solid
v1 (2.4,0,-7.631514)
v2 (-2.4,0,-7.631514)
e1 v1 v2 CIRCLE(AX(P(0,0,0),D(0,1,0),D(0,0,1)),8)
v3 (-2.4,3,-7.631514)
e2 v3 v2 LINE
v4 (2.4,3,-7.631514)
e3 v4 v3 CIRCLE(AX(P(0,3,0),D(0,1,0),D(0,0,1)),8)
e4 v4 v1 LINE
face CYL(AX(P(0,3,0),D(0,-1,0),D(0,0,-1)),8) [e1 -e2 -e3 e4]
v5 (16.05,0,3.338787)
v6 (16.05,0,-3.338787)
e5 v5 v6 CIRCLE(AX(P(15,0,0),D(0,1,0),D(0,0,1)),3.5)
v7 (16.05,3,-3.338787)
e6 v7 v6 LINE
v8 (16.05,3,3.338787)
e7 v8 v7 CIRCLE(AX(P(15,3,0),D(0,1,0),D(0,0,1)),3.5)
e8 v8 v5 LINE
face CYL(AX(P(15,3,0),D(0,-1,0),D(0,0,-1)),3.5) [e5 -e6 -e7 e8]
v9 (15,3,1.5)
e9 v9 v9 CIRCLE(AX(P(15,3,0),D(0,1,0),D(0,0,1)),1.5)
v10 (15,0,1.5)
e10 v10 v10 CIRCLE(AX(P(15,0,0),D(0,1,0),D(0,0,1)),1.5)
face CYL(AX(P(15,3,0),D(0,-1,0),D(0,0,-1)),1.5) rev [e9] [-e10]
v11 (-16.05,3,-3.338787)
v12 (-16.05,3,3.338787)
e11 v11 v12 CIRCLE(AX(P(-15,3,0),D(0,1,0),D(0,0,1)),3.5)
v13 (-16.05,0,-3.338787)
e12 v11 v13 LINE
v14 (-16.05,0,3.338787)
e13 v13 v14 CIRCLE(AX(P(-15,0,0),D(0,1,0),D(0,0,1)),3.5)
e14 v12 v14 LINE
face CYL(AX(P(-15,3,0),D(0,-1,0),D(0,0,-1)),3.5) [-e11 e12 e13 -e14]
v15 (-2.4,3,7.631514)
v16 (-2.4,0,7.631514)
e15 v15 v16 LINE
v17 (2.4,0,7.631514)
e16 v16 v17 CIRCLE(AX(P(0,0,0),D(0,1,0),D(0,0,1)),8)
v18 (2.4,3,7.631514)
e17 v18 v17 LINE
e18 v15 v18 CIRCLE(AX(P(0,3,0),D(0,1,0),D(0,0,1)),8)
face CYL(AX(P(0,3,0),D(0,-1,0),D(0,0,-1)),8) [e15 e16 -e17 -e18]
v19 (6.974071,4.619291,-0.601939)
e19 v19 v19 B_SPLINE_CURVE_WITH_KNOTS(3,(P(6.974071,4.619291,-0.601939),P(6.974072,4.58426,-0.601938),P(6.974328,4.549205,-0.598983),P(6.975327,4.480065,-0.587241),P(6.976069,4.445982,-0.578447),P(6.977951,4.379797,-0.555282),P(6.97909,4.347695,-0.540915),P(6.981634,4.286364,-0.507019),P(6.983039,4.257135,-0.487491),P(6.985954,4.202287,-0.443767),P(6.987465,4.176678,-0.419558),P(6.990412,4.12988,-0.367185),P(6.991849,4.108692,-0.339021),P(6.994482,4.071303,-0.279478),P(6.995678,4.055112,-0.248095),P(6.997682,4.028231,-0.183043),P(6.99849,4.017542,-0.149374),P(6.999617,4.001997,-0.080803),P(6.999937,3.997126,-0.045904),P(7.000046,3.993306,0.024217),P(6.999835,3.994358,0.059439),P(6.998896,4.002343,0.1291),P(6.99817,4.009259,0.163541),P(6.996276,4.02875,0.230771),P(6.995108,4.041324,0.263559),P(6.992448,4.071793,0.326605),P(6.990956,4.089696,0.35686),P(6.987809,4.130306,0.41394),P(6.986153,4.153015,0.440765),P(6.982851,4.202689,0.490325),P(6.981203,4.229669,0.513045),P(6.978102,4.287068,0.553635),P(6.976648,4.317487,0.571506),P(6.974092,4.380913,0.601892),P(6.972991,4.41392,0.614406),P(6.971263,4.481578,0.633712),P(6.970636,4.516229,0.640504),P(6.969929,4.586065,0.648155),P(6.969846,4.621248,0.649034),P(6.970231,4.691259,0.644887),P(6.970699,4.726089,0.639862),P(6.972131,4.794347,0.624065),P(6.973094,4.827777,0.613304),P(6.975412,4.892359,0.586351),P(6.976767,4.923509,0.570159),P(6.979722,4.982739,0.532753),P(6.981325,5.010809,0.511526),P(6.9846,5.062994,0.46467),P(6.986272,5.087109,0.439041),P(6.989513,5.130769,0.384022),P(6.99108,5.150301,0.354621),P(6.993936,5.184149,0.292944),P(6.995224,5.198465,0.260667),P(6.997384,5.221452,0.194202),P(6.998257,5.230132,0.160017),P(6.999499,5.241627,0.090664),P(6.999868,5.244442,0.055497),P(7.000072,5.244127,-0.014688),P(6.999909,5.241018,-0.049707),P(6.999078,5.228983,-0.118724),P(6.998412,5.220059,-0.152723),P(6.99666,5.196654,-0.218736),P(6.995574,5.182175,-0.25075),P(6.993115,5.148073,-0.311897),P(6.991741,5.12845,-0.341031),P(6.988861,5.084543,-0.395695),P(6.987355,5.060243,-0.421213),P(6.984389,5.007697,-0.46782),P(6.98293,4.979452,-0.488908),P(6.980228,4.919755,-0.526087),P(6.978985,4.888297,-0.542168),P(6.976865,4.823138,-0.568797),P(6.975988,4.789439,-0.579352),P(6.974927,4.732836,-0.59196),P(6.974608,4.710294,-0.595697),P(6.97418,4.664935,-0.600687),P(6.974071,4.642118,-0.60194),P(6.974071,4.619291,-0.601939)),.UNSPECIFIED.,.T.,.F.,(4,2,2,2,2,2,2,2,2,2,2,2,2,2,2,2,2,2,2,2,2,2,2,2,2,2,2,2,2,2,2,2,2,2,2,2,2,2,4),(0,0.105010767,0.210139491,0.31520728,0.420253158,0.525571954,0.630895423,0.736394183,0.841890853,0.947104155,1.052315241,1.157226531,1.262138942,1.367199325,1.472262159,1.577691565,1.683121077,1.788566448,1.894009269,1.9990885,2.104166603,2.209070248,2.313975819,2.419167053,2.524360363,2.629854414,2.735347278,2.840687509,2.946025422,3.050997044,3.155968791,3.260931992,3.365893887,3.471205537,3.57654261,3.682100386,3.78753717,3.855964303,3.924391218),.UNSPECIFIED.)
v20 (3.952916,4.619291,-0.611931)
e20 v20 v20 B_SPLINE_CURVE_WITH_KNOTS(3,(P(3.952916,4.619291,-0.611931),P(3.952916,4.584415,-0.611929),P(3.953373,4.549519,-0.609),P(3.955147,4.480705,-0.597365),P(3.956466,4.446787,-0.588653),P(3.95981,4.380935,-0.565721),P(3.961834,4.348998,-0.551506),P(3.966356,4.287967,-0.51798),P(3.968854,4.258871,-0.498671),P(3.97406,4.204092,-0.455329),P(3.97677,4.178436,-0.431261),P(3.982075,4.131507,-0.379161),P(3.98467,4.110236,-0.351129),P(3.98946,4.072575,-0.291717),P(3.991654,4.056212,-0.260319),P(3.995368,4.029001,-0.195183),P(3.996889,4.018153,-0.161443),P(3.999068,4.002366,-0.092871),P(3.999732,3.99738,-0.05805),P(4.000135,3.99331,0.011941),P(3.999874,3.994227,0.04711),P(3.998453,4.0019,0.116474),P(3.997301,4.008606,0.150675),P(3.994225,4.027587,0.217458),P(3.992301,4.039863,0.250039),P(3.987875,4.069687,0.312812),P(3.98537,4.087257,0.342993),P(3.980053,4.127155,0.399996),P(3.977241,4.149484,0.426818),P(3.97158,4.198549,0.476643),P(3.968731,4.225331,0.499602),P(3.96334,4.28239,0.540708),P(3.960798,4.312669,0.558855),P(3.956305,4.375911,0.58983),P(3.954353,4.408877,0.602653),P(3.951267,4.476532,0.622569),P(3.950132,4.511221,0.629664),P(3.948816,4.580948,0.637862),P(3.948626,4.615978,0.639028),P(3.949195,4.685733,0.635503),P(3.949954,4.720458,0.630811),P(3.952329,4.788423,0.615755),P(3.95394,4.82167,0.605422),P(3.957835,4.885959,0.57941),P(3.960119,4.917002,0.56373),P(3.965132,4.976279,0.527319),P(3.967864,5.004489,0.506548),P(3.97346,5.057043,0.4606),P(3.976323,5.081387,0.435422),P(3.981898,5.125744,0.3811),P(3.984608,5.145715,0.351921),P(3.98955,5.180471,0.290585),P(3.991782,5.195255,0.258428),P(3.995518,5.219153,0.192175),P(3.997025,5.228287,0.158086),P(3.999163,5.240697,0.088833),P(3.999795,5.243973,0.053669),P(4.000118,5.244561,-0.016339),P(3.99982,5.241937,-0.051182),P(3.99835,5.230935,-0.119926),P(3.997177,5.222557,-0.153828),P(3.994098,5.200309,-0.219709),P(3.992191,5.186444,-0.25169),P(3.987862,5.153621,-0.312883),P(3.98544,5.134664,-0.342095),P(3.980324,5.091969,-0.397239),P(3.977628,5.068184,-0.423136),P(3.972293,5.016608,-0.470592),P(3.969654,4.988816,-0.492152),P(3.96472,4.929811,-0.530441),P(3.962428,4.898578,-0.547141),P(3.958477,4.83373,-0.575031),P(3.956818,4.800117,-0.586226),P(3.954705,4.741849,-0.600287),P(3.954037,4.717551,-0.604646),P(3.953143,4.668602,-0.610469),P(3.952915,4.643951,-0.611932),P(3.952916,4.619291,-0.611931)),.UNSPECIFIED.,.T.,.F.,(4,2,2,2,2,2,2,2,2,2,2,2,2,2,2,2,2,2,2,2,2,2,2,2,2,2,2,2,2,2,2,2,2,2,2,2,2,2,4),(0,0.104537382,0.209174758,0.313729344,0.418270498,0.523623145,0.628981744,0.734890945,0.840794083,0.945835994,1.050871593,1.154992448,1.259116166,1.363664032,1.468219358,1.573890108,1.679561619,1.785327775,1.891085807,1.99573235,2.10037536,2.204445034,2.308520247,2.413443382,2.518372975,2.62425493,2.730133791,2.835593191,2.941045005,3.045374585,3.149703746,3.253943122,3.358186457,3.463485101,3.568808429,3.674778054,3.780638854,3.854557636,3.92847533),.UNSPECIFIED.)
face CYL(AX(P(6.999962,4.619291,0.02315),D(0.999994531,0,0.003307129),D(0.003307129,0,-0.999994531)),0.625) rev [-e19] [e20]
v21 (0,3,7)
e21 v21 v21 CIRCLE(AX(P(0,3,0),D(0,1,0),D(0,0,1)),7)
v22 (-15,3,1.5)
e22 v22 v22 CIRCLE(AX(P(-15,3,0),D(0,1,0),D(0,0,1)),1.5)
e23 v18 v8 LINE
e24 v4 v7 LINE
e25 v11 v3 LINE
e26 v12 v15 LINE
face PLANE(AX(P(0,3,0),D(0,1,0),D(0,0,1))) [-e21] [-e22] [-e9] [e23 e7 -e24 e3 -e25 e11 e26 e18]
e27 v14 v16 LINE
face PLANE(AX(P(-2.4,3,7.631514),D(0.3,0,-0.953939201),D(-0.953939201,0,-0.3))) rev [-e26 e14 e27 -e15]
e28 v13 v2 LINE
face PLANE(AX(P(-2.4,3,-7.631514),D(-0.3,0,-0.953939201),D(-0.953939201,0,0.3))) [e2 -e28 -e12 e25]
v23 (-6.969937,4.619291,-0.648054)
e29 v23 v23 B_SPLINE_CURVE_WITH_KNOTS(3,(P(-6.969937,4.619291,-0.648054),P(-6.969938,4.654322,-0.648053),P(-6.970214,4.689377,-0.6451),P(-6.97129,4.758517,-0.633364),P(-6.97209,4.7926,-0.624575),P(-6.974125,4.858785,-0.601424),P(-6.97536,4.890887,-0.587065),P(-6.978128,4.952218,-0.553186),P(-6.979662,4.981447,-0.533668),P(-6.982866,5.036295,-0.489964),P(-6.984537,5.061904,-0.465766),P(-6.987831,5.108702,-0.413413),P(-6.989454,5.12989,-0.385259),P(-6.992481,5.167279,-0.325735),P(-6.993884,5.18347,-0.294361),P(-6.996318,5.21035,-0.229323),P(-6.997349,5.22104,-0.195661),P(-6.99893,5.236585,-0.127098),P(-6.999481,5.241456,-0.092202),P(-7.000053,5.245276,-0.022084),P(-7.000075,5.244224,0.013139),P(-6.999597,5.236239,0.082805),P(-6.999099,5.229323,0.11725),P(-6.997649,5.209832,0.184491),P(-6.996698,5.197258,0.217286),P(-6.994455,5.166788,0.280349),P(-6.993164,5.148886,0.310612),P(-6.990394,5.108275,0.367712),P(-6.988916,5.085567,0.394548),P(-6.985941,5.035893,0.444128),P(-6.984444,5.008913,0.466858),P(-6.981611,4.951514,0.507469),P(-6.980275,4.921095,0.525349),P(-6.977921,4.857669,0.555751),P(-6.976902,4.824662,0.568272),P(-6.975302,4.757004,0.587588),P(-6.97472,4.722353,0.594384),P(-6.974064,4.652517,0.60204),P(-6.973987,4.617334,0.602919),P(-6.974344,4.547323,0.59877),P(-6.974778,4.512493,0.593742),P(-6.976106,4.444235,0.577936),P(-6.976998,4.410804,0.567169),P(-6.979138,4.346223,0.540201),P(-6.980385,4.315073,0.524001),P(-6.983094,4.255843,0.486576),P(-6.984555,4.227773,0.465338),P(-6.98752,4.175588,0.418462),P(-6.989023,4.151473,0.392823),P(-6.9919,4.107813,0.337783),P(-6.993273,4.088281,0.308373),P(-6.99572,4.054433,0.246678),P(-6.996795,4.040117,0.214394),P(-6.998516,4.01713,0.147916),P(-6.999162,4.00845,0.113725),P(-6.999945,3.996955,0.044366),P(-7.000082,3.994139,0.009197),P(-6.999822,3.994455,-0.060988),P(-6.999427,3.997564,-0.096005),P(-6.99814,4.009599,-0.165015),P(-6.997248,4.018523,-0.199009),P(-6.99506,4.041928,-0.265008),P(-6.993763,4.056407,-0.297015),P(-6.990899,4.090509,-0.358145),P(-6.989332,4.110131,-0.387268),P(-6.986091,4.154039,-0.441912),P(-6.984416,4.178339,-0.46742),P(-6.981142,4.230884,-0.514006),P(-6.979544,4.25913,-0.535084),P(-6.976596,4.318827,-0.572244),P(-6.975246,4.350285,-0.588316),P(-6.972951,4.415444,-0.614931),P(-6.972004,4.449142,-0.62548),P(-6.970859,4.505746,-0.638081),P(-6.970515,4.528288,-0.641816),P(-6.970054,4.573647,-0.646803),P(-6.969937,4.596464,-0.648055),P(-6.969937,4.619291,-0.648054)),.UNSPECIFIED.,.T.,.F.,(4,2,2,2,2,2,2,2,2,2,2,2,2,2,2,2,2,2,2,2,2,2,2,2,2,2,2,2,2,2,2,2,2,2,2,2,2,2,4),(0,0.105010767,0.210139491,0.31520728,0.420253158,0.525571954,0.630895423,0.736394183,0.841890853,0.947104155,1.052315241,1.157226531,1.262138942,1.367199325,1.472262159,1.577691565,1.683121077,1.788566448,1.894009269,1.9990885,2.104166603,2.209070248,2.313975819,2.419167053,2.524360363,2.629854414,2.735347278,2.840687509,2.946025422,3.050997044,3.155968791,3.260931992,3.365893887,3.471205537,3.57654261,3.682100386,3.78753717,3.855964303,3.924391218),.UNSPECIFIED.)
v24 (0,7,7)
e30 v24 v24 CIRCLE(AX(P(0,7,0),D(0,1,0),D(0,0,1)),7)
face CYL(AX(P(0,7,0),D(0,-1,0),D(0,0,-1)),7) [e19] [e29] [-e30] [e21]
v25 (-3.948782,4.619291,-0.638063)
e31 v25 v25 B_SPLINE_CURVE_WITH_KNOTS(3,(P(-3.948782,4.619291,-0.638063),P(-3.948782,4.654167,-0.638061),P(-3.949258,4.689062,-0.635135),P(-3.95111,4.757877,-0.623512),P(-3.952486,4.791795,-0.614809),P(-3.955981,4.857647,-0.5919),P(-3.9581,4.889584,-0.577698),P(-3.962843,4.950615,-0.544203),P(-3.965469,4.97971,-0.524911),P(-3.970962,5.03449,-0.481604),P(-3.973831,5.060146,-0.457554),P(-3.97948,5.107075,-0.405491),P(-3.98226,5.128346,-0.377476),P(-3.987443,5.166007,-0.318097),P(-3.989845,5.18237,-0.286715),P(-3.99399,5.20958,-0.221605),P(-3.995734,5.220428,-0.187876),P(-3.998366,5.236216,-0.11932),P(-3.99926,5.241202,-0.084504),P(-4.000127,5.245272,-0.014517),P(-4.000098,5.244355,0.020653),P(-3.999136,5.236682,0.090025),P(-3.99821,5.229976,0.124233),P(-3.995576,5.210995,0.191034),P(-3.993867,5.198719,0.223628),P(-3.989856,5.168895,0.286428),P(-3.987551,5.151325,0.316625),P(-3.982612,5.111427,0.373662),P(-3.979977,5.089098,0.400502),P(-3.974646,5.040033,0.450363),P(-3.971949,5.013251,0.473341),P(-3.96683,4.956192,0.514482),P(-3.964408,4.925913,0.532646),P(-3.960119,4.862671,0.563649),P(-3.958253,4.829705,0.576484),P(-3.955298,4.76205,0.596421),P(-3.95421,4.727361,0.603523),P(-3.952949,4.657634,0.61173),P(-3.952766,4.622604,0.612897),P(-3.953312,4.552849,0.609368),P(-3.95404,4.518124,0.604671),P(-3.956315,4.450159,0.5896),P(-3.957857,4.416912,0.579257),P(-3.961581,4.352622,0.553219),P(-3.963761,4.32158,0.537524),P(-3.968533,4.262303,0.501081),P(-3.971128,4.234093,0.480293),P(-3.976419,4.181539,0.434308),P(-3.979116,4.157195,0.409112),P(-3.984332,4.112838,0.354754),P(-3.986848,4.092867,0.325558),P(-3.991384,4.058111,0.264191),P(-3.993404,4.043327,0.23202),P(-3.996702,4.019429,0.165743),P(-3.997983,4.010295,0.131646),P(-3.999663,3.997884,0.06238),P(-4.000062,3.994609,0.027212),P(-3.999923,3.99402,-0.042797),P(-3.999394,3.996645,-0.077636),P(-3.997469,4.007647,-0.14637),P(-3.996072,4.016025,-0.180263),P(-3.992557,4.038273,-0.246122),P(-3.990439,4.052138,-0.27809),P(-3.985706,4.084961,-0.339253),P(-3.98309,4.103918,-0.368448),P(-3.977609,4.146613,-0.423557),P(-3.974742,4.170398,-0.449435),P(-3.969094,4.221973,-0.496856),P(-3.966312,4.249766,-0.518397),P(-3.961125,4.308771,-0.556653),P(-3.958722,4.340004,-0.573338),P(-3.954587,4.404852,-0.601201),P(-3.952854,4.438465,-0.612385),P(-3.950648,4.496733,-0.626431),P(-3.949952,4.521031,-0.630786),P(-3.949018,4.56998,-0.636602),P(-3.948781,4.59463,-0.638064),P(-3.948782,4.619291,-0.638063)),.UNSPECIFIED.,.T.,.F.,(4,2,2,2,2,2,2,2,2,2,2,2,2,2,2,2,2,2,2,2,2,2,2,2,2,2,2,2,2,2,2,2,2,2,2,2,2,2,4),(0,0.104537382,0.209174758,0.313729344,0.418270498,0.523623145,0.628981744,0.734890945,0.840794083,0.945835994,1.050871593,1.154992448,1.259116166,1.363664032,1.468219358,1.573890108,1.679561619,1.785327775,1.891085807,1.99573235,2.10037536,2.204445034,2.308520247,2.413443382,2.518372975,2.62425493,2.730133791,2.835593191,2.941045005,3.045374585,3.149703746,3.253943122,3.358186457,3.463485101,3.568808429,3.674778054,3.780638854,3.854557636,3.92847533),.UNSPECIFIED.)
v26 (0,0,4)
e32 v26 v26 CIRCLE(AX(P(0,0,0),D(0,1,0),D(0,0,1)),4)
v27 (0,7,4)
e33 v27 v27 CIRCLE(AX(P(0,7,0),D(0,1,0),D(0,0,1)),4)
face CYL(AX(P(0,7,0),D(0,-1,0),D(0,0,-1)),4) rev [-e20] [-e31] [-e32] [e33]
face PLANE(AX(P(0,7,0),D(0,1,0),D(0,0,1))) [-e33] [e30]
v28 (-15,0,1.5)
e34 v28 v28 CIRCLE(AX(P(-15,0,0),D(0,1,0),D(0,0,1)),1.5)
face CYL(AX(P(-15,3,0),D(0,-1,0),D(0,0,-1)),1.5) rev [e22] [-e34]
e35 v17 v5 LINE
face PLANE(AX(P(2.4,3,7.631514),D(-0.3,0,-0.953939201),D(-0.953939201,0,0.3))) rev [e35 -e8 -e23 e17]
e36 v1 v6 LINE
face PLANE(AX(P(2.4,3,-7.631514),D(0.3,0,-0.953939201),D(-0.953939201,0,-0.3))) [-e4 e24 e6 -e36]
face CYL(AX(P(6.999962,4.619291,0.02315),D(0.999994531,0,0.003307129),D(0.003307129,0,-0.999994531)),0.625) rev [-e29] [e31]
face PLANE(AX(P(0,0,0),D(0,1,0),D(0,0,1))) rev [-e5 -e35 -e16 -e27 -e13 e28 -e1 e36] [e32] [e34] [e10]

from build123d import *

# Parameters (mm, degrees)
SKETCH_1_R           = 1.5
SKETCH_1_R_2         = 7
EXTRUDE_1_DEPTH      = 3
SKETCH_1_3_R         = 7
SKETCH_1_3_R_2       = 4
EXTRUDE_2_DEPTH      = 7
HOLE_WIZARD_M1_6_1_D = 1.25


with BuildPart() as part:
    # 草图1 → 凸台-拉伸1 (new body)
    with BuildSketch(Plane(origin=(0, 0, 0), x_dir=(1, 0, 0), z_dir=(0, 1, 0))):
        with BuildLine():
            Line((-2.4, 7.631513611), (-16.05, 3.338787205))
            ThreePointArc((-16.05, 3.338787205), (-18.5, 0), (-16.05, -3.338787205))
            Line((-16.05, -3.338787205), (-2.4, -7.631513611))
            ThreePointArc((-2.4, -7.631513611), (0, -8), (2.4, -7.631513611))
            Line((2.4, -7.631513611), (16.05, -3.338787205))
            ThreePointArc((16.05, -3.338787205), (18.5, 0), (16.05, 3.338787205))
            Line((16.05, 3.338787205), (2.4, 7.631513611))
            ThreePointArc((2.4, 7.631513611), (0, 8), (-2.4, 7.631513611))
        make_face()
        with Locations((-15, 0)):
            Circle(SKETCH_1_R, mode=Mode.SUBTRACT)
        Circle(SKETCH_1_R_2, mode=Mode.SUBTRACT)
        with Locations((15, 0)):
            Circle(SKETCH_1_R, mode=Mode.SUBTRACT)
    extrude(amount=EXTRUDE_1_DEPTH)

    # 草图1<3> → 凸台-拉伸2 (add)
    with BuildSketch(Plane(origin=(0, 0, 0), x_dir=(1, 0, 0), z_dir=(0, 1, 0))):
        Circle(SKETCH_1_3_R)
        Circle(SKETCH_1_3_R_2, mode=Mode.SUBTRACT)
    extrude(amount=EXTRUDE_2_DEPTH)

    # M1.6 螺纹孔1 (through all)
    with Locations(Plane(origin=(6.99996172, 4.619290958, 0.023149905), x_dir=(-0.003307129319, 0, 0.999994531433), z_dir=(0.999994531433, 0, 0.003307129319))):
        with Locations((0, 0)):
            Hole(HOLE_WIZARD_M1_6_1_D / 2)


solid = part.part
